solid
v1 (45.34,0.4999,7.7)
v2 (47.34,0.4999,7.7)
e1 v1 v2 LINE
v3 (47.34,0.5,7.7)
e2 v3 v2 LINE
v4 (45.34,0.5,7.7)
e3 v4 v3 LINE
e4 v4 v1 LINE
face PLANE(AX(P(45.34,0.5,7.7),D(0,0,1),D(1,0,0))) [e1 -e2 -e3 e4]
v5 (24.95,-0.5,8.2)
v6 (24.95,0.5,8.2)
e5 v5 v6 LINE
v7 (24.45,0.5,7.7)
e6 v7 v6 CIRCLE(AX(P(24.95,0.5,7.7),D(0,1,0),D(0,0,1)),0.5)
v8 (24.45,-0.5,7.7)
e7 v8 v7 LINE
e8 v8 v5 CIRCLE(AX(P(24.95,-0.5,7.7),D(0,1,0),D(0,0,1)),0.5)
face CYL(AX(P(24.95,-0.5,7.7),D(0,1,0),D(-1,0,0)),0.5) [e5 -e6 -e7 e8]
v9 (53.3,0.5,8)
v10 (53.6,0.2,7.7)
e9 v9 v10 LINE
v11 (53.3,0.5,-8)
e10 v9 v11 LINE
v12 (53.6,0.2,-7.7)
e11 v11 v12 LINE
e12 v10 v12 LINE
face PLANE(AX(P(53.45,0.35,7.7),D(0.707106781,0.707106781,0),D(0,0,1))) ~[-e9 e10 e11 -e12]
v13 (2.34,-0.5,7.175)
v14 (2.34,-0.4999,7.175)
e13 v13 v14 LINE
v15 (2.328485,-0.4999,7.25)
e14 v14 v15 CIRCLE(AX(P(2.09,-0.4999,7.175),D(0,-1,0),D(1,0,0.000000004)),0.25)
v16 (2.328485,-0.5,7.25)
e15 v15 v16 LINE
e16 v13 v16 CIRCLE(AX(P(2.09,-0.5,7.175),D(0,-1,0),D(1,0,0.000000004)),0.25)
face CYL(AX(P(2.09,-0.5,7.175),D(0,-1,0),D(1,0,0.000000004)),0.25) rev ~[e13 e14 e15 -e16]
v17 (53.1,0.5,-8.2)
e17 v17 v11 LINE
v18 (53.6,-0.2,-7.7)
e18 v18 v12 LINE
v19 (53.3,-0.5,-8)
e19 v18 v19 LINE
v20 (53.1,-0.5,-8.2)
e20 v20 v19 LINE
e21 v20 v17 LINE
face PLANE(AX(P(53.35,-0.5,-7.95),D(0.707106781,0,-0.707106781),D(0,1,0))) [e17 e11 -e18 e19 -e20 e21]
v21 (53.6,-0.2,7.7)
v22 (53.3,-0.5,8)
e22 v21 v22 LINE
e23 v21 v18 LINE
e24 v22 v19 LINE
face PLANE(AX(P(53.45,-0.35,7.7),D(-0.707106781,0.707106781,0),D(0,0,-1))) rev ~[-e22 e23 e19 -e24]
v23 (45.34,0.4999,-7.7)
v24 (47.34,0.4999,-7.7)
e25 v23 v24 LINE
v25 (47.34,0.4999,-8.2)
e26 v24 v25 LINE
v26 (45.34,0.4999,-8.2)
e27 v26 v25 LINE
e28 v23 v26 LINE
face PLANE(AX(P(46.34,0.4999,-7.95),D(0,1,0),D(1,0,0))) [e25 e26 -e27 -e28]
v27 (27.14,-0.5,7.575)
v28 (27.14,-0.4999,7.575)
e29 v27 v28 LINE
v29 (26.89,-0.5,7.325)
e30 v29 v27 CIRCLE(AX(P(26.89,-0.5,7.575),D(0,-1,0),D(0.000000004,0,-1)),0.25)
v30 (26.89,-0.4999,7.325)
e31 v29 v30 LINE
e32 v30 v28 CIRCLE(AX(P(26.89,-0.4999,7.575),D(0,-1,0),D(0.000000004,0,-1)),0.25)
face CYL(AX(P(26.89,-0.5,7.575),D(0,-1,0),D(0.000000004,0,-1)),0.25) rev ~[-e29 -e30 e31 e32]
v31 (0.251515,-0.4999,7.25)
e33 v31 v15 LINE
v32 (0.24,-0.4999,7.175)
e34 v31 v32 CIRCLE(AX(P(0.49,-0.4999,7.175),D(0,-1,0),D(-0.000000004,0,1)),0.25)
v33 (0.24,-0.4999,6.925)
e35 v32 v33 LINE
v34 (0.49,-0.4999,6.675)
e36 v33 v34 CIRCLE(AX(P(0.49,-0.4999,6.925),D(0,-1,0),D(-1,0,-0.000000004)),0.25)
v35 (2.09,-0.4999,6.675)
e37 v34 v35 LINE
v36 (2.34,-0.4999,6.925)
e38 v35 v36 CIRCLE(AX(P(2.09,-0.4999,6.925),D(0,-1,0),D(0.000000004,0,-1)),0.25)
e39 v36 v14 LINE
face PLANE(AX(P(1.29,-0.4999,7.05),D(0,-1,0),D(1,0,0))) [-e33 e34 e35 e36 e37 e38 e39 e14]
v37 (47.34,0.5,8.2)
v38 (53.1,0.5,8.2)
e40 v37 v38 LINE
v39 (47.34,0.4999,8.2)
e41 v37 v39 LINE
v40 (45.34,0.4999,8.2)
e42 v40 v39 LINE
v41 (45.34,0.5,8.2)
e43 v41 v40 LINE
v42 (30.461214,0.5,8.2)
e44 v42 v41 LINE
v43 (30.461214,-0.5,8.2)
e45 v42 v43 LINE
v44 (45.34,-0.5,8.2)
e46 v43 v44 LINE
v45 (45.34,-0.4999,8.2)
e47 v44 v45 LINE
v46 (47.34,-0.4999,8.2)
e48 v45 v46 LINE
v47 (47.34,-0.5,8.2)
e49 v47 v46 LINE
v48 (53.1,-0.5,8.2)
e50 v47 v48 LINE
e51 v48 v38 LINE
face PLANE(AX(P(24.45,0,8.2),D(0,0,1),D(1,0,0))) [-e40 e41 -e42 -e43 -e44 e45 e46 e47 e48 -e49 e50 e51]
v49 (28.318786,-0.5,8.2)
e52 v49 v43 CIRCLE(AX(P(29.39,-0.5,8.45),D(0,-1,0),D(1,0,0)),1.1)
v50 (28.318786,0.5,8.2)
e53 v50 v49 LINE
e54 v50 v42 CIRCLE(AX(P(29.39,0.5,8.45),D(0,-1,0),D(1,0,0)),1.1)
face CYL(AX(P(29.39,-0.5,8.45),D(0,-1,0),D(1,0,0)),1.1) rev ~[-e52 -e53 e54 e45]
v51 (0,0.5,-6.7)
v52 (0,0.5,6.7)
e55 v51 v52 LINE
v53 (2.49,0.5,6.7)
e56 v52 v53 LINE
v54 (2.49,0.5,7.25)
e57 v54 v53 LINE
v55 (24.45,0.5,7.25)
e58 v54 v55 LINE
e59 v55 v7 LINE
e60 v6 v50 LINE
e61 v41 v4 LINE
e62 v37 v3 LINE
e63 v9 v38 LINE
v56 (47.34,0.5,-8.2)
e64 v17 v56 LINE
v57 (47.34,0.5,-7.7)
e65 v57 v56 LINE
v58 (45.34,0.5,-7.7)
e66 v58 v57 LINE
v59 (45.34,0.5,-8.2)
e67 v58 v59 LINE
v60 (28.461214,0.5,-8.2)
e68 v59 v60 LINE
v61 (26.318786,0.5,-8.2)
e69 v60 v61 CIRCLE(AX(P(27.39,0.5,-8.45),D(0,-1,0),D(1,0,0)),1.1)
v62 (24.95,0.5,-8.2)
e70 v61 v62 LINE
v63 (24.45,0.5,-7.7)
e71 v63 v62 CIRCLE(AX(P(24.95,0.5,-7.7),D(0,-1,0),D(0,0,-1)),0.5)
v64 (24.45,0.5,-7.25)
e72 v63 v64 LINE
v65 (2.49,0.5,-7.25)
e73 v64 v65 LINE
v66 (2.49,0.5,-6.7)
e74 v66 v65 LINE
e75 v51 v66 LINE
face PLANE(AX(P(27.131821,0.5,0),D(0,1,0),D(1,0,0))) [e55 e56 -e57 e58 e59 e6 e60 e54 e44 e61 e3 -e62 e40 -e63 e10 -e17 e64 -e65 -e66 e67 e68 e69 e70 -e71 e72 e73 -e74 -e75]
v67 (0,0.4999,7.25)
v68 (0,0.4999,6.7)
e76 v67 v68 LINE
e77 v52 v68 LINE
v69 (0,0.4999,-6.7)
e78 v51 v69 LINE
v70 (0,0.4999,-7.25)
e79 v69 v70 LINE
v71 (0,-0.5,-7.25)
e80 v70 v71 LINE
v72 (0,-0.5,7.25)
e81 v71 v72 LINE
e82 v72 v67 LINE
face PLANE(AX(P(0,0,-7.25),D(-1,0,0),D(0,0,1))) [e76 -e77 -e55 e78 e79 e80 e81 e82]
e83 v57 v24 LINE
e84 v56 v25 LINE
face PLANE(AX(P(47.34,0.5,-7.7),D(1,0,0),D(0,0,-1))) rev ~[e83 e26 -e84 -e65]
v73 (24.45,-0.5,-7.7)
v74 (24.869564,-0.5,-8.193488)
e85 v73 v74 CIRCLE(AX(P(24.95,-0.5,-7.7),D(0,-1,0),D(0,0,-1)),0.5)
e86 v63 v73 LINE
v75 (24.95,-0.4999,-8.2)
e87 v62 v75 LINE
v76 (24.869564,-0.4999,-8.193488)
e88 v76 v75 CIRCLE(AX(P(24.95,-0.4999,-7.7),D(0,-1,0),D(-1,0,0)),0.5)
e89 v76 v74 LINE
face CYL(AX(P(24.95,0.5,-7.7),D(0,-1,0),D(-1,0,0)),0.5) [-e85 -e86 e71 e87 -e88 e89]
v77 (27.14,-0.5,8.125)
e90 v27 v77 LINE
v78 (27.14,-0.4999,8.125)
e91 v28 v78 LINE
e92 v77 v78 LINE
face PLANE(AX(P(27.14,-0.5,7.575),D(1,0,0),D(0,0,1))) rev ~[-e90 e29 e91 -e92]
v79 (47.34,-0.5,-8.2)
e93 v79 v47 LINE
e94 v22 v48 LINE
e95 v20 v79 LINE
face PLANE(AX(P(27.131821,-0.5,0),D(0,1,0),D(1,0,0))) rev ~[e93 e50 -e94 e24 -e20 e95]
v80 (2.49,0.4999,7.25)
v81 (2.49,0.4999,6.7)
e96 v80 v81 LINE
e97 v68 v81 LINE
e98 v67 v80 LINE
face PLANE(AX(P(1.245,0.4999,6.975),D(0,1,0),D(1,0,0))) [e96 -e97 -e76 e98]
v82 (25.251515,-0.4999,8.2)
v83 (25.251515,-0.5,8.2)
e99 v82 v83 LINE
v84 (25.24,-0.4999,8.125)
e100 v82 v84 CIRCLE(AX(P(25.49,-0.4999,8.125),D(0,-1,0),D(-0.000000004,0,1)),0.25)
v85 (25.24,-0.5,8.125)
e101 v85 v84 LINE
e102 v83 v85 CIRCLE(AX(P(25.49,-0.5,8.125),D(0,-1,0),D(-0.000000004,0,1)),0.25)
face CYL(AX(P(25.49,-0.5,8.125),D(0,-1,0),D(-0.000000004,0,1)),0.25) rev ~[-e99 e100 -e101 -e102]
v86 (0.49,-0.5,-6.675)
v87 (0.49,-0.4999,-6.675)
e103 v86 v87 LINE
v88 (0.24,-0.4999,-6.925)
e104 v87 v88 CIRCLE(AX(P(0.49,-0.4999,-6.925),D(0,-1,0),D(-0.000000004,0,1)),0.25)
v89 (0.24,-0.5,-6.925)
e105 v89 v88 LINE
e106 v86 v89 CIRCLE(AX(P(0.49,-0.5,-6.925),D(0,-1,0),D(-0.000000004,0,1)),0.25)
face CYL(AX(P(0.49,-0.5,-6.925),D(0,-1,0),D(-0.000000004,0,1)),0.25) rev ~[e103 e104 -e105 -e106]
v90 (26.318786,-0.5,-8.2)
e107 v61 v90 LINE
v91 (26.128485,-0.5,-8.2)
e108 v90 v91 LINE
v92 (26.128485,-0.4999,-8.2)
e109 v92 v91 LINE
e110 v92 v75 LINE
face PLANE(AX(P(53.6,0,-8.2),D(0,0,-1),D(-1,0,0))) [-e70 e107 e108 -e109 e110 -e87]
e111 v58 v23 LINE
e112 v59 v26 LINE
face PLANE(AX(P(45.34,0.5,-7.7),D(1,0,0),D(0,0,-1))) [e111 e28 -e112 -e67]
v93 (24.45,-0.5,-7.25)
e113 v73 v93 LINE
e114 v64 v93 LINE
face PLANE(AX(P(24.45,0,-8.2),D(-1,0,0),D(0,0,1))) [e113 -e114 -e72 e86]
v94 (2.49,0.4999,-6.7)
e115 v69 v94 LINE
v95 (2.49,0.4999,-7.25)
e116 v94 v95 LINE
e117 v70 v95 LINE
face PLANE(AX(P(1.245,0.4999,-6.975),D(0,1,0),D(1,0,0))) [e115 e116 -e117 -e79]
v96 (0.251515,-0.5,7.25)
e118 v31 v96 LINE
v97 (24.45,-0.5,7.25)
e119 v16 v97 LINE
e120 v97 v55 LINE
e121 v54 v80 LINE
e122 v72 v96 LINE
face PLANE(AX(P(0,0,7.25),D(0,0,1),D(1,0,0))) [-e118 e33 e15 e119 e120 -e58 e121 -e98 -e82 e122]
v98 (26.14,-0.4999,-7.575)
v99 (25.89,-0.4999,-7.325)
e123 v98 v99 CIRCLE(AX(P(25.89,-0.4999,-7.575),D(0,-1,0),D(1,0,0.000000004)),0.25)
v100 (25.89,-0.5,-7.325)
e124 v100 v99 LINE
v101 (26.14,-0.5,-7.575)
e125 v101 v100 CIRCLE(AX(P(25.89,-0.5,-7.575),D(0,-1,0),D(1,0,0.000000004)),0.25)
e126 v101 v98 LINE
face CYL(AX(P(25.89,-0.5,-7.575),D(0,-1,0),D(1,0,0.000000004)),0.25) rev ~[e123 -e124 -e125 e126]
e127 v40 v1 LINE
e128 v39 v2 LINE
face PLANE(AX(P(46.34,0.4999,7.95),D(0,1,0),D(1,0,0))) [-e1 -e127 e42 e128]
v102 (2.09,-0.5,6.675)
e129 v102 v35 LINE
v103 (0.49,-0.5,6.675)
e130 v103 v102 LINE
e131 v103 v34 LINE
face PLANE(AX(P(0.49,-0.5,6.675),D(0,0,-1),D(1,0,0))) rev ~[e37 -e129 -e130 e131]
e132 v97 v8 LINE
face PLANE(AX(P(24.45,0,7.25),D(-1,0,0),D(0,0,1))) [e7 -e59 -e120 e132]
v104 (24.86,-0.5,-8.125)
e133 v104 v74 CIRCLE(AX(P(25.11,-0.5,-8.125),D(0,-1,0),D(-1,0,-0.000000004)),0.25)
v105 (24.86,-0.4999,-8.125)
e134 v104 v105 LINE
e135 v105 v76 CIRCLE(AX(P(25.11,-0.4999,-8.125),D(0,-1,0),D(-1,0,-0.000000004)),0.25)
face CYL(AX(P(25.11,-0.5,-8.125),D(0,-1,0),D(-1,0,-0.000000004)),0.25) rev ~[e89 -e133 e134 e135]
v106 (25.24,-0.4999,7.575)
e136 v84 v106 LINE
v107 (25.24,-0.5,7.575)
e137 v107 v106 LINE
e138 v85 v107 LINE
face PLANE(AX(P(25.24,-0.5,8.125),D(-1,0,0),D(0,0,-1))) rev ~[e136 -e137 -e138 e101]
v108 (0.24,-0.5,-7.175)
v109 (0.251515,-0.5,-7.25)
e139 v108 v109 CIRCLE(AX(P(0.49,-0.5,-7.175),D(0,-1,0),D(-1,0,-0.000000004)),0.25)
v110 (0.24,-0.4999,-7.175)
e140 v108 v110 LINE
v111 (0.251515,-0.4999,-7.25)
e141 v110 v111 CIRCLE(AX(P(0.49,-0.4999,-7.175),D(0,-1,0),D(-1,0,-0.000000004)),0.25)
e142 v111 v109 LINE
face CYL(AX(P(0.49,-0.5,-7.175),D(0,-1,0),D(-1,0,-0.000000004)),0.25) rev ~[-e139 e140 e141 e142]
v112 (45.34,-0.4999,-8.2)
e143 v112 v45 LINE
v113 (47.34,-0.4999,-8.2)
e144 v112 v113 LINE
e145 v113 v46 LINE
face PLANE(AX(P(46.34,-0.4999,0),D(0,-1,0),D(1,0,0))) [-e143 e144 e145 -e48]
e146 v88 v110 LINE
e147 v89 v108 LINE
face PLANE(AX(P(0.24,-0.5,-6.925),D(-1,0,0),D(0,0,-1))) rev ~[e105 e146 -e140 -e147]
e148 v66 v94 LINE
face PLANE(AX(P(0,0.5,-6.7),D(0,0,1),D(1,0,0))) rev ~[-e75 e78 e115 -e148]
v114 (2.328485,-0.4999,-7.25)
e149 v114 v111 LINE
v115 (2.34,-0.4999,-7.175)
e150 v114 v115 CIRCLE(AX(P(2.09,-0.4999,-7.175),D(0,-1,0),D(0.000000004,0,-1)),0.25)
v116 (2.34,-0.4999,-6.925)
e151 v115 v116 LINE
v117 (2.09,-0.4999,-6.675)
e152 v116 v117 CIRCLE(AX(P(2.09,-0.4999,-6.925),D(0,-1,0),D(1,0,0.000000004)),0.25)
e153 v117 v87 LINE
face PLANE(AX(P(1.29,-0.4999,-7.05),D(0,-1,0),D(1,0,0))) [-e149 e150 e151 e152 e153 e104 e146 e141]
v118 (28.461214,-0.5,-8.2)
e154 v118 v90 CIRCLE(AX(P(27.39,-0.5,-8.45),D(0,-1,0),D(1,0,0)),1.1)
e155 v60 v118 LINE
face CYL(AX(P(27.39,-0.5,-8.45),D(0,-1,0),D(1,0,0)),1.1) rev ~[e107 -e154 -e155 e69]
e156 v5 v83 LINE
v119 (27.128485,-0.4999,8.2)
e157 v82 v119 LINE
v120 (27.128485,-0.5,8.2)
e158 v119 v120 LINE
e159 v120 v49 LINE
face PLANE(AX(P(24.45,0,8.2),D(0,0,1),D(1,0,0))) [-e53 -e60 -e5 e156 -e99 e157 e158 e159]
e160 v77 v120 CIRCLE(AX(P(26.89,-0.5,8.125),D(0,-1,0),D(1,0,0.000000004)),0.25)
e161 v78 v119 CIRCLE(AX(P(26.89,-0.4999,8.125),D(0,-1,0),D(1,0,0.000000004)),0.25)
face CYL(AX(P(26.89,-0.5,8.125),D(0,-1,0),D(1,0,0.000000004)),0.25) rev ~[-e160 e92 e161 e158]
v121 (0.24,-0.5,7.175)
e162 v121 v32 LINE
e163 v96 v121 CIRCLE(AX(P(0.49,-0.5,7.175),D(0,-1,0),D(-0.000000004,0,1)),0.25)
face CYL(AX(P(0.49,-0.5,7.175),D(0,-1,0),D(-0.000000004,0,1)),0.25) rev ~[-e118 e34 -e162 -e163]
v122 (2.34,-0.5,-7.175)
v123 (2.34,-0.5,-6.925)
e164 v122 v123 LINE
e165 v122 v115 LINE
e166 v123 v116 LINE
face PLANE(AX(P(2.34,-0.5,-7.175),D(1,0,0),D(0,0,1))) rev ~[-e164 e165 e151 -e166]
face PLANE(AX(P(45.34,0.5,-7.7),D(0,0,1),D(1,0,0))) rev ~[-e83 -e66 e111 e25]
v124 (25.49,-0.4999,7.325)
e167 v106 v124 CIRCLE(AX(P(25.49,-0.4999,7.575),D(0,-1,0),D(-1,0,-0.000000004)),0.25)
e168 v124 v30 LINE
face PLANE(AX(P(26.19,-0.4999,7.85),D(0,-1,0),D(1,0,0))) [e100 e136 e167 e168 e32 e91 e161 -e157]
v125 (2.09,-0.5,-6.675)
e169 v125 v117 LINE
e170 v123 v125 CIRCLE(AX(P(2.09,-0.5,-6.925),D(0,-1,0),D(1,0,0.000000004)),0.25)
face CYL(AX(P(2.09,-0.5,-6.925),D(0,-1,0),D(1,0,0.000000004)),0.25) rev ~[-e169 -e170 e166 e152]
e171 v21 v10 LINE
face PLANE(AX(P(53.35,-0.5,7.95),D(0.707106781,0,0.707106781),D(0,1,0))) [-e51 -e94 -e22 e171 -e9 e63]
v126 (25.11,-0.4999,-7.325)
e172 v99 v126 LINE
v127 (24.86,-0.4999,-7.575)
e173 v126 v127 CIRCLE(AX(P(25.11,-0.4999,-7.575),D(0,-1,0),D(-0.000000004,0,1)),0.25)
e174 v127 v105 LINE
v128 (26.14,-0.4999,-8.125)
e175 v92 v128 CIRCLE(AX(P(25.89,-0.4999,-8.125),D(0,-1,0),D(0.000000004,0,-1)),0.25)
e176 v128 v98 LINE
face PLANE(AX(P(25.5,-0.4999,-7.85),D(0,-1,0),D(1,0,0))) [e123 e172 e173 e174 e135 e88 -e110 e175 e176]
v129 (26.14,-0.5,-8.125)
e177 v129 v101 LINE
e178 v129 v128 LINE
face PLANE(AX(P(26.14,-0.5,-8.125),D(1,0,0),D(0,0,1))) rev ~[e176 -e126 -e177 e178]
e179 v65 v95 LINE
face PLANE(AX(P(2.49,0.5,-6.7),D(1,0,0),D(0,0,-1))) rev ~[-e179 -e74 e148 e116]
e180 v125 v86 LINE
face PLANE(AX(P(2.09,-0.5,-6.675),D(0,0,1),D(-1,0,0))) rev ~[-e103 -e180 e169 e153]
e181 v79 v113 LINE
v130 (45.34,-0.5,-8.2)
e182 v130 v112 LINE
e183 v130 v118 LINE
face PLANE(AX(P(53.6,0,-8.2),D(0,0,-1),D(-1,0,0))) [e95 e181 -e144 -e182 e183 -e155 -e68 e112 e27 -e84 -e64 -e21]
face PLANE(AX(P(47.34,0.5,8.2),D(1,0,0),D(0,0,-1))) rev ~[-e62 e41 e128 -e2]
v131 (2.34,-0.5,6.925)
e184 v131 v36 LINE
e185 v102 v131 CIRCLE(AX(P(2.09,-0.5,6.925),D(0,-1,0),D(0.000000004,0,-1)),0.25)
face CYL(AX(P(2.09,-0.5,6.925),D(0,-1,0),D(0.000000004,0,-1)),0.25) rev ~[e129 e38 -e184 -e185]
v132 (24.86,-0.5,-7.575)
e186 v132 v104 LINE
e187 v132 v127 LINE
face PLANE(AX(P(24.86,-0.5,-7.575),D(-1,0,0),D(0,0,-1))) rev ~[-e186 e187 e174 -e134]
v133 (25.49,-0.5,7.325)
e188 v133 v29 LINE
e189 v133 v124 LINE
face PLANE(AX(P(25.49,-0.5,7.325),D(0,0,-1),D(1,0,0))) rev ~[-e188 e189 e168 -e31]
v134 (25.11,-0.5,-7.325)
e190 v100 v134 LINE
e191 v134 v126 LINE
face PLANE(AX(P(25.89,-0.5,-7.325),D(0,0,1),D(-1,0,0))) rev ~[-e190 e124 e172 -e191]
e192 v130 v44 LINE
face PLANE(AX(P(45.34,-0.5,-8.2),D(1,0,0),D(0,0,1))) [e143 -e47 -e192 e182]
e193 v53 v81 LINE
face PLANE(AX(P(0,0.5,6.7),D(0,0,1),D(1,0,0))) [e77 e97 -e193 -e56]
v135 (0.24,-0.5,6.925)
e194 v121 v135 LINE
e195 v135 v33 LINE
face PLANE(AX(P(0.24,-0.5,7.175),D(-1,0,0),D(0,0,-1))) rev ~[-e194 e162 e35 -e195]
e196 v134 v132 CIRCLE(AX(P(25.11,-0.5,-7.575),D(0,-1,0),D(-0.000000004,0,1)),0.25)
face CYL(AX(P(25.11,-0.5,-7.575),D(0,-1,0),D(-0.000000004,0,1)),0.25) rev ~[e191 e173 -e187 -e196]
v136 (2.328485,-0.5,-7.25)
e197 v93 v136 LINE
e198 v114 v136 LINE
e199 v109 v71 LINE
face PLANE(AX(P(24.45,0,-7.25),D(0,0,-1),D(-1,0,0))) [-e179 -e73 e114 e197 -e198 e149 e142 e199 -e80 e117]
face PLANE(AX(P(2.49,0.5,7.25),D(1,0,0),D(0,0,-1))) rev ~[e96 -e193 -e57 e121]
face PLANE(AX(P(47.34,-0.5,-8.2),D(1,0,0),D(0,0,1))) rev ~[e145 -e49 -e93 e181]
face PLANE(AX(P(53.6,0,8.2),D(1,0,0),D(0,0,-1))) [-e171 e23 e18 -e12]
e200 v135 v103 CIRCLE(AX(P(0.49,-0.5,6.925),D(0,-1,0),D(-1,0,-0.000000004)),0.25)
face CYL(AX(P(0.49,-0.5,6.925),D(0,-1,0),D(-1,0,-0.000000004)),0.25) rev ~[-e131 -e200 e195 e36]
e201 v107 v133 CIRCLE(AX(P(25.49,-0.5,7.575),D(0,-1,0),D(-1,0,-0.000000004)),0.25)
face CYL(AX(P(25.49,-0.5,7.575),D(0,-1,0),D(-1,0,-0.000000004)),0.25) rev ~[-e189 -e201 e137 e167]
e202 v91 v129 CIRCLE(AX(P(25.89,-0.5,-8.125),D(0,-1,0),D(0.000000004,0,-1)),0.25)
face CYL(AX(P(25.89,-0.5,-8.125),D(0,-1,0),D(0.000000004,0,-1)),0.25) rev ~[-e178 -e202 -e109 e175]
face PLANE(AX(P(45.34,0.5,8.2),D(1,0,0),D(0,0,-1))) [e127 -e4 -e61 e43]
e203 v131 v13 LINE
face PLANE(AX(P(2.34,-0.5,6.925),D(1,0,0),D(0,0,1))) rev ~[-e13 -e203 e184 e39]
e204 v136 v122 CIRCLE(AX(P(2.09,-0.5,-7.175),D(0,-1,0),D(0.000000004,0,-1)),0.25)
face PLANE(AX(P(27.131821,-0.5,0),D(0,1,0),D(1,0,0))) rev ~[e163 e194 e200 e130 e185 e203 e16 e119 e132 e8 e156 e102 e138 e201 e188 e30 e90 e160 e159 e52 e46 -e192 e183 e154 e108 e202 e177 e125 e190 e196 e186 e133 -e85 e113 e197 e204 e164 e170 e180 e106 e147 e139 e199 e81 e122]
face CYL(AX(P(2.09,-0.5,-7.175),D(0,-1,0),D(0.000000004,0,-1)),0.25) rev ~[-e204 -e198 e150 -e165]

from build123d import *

# Parameters (mm, degrees)
BOSS_EXTRUDE1_DEPTH = 0.5
CHAMFER3_SIZE       = 0.5
SKETCH2_R           = 1.1
CUT_EXTRUDE1_DEPTH  = 55.232831385
FILLET1_R           = 0.5
SKETCH8_W           = 2.49
SKETCH8_H           = 0.55
SKETCH8_W_2         = 2
SKETCH8_H_2         = 0.5
CUT_EXTRUDE3_DEPTH  = 0.0001
SKETCH9_W           = 2
SKETCH9_H           = 16.4
CUT_EXTRUDE4_DEPTH  = 0.0001
CHAMFER4_SIZE       = 0.3


with BuildPart() as part:
    # Sketch1 → Boss-Extrude1 (new, symmetric)
    with BuildSketch(Plane(origin=(0, 0, 0), x_dir=(1, 0, 0), z_dir=(0, 1, 0))):
        Polygon((0, 7.25), (0, -7.25), (24.45, -7.25), (24.45, -8.2), (53.6, -8.2), (53.6, 8.2), (24.45, 8.2), (24.45, 7.25), align=None)
    extrude(amount=BOSS_EXTRUDE1_DEPTH, both=True)

    # Chamfer3
    chamfer3_edges = [part.edges().sort_by_distance(p)[0] for p in [
        (53.6, 0, -8.2),
        (53.6, 0, 8.2),
    ]]
    chamfer(chamfer3_edges, length=CHAMFER3_SIZE)

    # Sketch2 → Cut-Extrude1 (cut, through all)
    with BuildSketch(Plane.XZ.offset(0.5)):
        with Locations((29.39, 8.45)):
            Circle(SKETCH2_R)
        with Locations((27.39, -8.45)):
            Circle(SKETCH2_R)
    extrude(amount=-CUT_EXTRUDE1_DEPTH, mode=Mode.SUBTRACT)

    # Fillet1
    fillet1_edges = [part.edges().sort_by_distance(p)[0] for p in [
        (24.45, 0, -8.2),
        (24.45, 0, 8.2),
    ]]
    fillet(fillet1_edges, radius=FILLET1_R)

    # Sketch8 → Cut-Extrude3 (cut)
    with BuildSketch(Plane(origin=(0, 0.5, 0), x_dir=(1, 0, 0), z_dir=(0, 1, 0))):
        with Locations((1.245, -6.975)):
            Rectangle(SKETCH8_W, SKETCH8_H)
        with Locations((1.245, 6.975)):
            Rectangle(SKETCH8_W, SKETCH8_H)
        with Locations((46.34, -7.95)):
            Rectangle(SKETCH8_W_2, SKETCH8_H_2)
        with Locations((46.34, 7.95)):
            Rectangle(SKETCH8_W_2, SKETCH8_H_2)
    extrude(amount=-CUT_EXTRUDE3_DEPTH, mode=Mode.SUBTRACT)

    # Sketch9 → Cut-Extrude4 (cut)
    with BuildSketch(Plane.XZ.offset(0.5)):
        with BuildLine():
            Line((2.09, 7.425), (0.49, 7.425))
            ThreePointArc((0.49, 7.425), (0.313223305, 7.351776695), (0.24, 7.175))
            Line((0.24, 7.175), (0.24, 6.925))
            ThreePointArc((0.24, 6.925), (0.313223305, 6.748223305), (0.49, 6.675))
            Line((0.49, 6.675), (2.09, 6.675))
            ThreePointArc((2.09, 6.675), (2.266776695, 6.748223305), (2.34, 6.925))
            Line((2.34, 6.925), (2.34, 7.175))
            ThreePointArc((2.34, 7.175), (2.266776695, 7.351776695), (2.09, 7.425))
        make_face()
        with BuildLine():
            Line((2.34, -7.175), (2.34, -6.925))
            ThreePointArc((2.34, -6.925), (2.266776695, -6.748223305), (2.09, -6.675))
            Line((2.09, -6.675), (0.49, -6.675))
            ThreePointArc((0.49, -6.675), (0.313223305, -6.748223305), (0.24, -6.925))
            Line((0.24, -6.925), (0.24, -7.175))
            ThreePointArc((0.24, -7.175), (0.313223305, -7.351776695), (0.49, -7.425))
            Line((0.49, -7.425), (2.09, -7.425))
            ThreePointArc((2.09, -7.425), (2.266776695, -7.351776695), (2.34, -7.175))
        make_face()
        with BuildLine():
            Line((26.14, -8.125), (26.14, -7.575))
            ThreePointArc((26.14, -7.575), (26.066776695, -7.398223305), (25.89, -7.325))
            Line((25.89, -7.325), (25.11, -7.325))
            ThreePointArc((25.11, -7.325), (24.933223305, -7.398223305), (24.86, -7.575))
            Line((24.86, -7.575), (24.86, -8.125))
            ThreePointArc((24.86, -8.125), (24.933223305, -8.301776695), (25.11, -8.375))
            Line((25.11, -8.375), (25.89, -8.375))
            ThreePointArc((25.89, -8.375), (26.066776695, -8.301776695), (26.14, -8.125))
        make_face()
        with Locations((46.34, 0)):
            Rectangle(SKETCH9_W, SKETCH9_H)
        with BuildLine():
            Line((25.49, 7.325), (26.89, 7.325))
            ThreePointArc((26.89, 7.325), (27.066776695, 7.398223305), (27.14, 7.575))
            Line((27.14, 7.575), (27.14, 8.125))
            ThreePointArc((27.14, 8.125), (27.066776695, 8.301776695), (26.89, 8.375))
            Line((26.89, 8.375), (25.49, 8.375))
            ThreePointArc((25.49, 8.375), (25.313223305, 8.301776695), (25.24, 8.125))
            Line((25.24, 8.125), (25.24, 7.575))
            ThreePointArc((25.24, 7.575), (25.313223305, 7.398223305), (25.49, 7.325))
        make_face()
    extrude(amount=-CUT_EXTRUDE4_DEPTH, mode=Mode.SUBTRACT)

    # Chamfer4
    chamfer4_edges = [part.edges().sort_by_distance(p)[0] for p in [
        (53.6, -0.5, 0),
        (53.6, 0.5, 0),
    ]]
    chamfer(chamfer4_edges, length=CHAMFER4_SIZE)


solid = part.part
